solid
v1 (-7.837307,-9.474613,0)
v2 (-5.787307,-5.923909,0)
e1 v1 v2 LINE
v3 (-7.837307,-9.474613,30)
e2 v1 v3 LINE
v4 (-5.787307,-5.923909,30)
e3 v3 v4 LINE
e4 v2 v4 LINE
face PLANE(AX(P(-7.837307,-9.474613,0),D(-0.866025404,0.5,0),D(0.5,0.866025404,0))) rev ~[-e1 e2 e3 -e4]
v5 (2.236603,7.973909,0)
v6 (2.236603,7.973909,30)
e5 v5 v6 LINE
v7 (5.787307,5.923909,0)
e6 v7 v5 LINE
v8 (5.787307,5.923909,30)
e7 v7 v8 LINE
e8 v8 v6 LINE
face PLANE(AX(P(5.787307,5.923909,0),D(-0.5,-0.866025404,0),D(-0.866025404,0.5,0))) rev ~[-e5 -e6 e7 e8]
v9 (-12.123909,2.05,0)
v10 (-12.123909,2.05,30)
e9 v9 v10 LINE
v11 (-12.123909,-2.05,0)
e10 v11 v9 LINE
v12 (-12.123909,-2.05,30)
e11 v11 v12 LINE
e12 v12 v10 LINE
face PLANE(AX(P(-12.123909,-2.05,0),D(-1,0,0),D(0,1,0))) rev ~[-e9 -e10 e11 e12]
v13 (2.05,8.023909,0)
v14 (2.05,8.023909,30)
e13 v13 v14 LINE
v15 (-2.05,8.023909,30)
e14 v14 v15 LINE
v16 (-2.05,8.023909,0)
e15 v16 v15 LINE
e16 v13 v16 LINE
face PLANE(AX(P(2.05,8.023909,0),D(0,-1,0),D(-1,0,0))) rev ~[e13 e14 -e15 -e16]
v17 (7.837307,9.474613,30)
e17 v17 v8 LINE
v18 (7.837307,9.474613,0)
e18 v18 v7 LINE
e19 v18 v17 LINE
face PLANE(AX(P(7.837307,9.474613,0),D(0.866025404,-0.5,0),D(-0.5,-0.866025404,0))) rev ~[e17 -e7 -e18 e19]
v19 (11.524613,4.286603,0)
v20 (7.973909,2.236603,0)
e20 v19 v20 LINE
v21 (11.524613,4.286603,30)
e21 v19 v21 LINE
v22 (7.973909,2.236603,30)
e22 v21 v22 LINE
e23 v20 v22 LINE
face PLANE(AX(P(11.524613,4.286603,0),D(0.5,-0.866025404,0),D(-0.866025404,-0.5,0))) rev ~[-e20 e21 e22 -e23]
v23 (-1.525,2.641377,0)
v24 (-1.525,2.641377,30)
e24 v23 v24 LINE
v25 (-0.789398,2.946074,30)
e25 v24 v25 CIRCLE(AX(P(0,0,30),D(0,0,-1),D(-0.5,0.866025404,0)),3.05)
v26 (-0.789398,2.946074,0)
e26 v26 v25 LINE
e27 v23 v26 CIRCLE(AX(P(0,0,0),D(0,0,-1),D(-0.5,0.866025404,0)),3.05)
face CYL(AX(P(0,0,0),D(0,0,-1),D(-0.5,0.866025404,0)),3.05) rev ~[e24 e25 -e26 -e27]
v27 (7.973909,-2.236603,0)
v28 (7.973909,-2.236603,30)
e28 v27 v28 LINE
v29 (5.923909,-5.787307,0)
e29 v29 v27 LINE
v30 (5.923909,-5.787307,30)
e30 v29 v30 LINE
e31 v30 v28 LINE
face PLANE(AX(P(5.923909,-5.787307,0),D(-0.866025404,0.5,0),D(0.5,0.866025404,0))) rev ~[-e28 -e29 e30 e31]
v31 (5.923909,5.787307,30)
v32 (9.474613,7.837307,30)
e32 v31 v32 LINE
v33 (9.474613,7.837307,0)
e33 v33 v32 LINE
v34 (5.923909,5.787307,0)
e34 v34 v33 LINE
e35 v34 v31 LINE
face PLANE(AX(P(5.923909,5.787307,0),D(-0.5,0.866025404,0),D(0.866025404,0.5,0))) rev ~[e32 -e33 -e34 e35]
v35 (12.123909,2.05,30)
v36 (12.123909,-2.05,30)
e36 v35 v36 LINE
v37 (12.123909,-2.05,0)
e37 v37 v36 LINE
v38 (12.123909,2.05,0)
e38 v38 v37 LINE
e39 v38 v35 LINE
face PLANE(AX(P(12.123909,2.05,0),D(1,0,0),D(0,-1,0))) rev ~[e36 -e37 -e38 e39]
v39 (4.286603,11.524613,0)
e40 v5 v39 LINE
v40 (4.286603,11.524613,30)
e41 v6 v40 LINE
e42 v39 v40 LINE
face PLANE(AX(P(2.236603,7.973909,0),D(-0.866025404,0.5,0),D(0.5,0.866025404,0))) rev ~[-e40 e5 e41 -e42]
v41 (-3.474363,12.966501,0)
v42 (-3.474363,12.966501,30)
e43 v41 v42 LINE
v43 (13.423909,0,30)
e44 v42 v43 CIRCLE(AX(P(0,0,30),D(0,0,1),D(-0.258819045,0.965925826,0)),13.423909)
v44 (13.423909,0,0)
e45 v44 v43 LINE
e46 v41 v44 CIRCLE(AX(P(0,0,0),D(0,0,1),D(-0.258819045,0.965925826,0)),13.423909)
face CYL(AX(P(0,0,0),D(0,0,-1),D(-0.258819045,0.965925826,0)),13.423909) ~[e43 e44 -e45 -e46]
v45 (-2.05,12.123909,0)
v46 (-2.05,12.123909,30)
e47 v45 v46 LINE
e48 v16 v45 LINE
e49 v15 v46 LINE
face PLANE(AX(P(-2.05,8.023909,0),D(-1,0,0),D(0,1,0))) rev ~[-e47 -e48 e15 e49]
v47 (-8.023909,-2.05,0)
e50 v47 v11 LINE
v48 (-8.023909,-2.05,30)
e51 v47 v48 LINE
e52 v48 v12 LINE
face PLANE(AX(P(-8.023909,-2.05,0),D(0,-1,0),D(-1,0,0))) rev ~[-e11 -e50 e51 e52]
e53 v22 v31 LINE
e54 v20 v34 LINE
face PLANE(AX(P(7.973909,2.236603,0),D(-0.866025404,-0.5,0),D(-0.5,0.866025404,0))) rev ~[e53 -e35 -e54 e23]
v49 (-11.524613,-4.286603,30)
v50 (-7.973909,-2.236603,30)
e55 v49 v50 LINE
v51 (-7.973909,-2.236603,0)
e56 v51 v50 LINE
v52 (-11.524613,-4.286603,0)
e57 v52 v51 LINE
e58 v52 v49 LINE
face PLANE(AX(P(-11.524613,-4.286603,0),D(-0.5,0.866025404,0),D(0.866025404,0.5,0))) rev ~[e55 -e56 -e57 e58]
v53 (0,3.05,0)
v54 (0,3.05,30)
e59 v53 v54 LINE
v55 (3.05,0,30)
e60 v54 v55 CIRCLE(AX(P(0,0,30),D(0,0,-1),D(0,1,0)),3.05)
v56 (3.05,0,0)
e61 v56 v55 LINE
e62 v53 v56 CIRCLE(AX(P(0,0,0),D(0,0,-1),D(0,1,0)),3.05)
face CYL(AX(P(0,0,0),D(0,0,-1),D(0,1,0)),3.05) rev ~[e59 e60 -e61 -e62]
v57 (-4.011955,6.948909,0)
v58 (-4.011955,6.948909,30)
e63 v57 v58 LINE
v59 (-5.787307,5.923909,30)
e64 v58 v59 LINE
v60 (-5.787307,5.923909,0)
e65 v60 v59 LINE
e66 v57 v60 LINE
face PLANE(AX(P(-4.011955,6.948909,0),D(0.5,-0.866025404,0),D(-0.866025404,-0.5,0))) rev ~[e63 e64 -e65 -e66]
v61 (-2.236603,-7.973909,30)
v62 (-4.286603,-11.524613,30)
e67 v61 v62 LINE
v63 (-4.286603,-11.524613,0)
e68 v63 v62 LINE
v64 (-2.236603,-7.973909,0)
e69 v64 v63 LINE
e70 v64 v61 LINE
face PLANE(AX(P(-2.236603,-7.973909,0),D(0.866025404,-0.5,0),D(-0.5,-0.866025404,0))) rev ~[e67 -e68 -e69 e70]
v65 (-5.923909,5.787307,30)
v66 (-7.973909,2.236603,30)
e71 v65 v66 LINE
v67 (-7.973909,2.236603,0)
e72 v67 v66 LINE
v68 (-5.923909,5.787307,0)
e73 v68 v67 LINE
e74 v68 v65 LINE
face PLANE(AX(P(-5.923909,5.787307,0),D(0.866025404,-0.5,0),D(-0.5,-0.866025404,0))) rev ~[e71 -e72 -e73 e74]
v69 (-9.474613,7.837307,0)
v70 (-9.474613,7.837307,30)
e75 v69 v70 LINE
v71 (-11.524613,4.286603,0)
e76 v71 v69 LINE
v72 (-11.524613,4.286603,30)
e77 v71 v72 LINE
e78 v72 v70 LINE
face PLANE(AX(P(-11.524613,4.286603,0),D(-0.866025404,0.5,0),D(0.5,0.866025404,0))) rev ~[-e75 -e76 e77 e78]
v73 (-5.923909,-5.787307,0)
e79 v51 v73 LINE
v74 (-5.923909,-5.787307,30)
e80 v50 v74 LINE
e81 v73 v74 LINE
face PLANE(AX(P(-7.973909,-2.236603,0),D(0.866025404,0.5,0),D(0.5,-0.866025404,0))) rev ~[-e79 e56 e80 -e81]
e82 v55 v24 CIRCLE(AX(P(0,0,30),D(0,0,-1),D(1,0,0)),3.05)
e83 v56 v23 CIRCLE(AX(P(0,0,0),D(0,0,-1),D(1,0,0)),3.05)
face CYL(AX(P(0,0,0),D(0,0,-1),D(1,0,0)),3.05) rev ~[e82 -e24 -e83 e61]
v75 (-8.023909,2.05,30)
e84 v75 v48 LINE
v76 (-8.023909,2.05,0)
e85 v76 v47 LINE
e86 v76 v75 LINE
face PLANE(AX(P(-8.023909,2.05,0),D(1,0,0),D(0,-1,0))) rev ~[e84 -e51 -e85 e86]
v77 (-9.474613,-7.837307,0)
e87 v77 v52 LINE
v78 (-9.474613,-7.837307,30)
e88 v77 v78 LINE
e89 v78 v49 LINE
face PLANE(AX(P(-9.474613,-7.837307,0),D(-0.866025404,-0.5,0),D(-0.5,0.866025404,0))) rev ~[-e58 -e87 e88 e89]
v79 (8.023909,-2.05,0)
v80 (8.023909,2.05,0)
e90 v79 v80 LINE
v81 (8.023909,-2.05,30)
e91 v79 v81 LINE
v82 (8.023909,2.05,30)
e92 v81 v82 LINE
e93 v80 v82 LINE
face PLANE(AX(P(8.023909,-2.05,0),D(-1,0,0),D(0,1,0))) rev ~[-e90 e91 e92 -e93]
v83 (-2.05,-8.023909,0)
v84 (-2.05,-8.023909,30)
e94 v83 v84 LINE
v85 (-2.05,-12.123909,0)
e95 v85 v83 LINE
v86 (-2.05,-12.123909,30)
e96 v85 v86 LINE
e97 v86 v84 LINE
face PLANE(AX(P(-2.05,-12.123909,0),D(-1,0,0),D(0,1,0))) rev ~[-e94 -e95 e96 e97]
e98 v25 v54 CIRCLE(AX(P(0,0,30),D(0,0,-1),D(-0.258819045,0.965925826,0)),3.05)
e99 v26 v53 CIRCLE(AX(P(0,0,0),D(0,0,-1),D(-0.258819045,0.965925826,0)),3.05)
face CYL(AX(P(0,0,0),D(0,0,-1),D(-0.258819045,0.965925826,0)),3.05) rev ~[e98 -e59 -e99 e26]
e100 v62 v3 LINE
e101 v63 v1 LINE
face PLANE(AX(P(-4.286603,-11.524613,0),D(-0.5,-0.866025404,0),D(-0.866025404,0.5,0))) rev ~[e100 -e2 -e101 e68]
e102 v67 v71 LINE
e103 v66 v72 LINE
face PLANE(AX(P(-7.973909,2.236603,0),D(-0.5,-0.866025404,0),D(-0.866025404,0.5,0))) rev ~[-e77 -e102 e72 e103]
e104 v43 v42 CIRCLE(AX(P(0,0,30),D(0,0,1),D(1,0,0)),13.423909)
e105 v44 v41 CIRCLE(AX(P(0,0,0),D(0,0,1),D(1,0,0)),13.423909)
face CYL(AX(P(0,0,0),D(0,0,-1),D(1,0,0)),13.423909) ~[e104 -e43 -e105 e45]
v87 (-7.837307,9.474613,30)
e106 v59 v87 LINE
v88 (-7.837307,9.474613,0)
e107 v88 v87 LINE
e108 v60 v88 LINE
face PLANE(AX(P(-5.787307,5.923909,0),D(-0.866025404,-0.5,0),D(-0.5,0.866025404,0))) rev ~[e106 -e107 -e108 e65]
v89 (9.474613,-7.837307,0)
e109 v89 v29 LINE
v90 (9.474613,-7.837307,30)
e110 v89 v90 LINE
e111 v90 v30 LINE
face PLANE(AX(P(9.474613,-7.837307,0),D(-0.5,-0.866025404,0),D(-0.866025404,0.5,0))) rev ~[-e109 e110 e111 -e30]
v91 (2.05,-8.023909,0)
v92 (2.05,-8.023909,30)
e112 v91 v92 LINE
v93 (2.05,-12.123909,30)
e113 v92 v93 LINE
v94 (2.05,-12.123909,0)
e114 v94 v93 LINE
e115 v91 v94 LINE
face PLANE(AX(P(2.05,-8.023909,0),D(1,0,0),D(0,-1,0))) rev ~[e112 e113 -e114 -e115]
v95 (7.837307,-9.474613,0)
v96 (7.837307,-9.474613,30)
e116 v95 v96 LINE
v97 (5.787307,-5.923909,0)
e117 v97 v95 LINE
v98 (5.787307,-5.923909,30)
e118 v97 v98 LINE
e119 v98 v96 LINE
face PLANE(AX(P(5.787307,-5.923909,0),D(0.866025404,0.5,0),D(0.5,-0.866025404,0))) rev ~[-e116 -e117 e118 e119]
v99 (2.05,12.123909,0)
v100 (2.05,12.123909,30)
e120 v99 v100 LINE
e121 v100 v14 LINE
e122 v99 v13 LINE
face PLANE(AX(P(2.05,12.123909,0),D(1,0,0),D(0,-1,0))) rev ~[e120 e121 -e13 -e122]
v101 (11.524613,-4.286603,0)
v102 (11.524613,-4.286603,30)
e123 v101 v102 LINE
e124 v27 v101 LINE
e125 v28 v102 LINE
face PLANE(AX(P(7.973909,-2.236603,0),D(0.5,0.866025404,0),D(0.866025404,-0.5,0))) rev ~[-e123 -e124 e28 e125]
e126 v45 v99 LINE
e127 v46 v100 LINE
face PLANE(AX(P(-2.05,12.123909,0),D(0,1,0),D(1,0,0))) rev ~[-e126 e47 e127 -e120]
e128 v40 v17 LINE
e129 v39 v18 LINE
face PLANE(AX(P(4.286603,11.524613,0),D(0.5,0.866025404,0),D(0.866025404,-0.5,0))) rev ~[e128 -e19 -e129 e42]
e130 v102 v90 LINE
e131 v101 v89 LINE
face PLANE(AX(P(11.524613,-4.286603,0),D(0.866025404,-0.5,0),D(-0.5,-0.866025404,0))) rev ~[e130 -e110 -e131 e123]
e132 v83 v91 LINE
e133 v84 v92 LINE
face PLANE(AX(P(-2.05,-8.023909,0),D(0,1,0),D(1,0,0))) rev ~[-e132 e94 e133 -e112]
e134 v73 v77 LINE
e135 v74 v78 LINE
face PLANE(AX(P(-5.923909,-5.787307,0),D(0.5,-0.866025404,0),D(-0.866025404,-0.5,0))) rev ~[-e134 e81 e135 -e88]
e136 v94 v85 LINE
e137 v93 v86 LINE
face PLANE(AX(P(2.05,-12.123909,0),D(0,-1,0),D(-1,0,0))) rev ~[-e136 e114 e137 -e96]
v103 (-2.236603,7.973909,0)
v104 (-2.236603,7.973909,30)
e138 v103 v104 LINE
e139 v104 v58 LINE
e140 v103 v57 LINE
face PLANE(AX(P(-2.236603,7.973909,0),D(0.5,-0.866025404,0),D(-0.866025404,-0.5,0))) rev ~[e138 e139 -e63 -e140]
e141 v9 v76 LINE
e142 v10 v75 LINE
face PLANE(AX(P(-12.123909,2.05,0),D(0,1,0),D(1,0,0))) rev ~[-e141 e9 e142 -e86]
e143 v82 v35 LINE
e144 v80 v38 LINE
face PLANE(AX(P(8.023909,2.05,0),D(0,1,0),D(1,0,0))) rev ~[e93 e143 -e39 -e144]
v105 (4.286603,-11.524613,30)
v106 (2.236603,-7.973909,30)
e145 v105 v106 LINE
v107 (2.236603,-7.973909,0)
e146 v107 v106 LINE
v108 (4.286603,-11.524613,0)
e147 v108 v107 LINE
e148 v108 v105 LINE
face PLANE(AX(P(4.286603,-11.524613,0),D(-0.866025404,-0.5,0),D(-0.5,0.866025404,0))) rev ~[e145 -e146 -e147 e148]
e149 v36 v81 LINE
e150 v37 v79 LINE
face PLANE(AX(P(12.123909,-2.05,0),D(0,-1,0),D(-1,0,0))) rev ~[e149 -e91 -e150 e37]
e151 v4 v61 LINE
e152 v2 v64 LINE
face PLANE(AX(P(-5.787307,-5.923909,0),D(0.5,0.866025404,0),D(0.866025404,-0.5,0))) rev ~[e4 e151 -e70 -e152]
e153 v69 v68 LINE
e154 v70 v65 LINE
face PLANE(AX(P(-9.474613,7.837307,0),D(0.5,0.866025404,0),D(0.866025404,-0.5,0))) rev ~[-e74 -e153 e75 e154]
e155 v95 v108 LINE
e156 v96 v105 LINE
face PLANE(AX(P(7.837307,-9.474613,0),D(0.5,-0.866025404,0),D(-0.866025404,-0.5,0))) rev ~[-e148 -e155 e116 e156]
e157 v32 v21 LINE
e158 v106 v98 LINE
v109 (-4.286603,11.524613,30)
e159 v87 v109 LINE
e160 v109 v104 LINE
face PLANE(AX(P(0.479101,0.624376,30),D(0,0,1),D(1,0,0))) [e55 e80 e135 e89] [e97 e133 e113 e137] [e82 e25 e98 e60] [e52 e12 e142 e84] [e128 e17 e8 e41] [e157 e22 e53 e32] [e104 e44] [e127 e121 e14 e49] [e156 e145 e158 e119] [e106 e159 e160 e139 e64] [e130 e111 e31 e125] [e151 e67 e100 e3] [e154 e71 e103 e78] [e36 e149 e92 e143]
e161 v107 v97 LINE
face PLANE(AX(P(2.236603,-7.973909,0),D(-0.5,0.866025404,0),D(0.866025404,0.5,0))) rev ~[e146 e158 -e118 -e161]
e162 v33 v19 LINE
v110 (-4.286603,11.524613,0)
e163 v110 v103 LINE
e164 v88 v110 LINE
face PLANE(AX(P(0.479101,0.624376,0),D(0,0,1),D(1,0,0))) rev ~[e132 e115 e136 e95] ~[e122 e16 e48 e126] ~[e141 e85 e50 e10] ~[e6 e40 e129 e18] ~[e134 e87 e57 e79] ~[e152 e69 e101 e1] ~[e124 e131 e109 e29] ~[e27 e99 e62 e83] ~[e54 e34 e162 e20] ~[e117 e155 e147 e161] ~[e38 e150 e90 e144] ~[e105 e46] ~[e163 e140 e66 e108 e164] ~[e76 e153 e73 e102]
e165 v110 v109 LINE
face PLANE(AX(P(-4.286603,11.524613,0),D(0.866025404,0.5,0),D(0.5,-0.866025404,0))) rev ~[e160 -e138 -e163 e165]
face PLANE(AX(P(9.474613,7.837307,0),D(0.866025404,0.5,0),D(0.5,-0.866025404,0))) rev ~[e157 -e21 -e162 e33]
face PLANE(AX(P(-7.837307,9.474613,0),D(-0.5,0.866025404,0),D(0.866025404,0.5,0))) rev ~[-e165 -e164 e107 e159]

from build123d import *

# Parameters (mm, degrees)
F1_DEPTH = 30


with BuildPart() as f1:
    # F0 (on Top) → F1 (new body)
    with BuildSketch(Plane.XY):
        with BuildLine():
            ThreePointArc((13.4239092363, 0), (8.1719581696, 10.6499032324), (-3.4743633701, 12.9665006211))
            ThreePointArc((-3.4743633701, 12.9665006211), (-8.1719581696, -10.6499032324), (13.4239092363, 0))
        make_face()
        Polygon((-2.2366025404, 7.9739092363), (-2.15, 8.0239092363), (-2.05, 8.0239092363), (-2.05, 12.1239092363), (2.05, 12.1239092363), (2.05, 8.0239092363), (2.15, 8.0239092363), (2.2366025404, 7.9739092363), (4.2866025404, 11.5246133918), (7.8373066959, 9.4746133918), (5.7873066959, 5.9239092363), (5.8739092363, 5.8739092363), (5.9239092363, 5.7873066959), (9.4746133918, 7.8373066959), (11.5246133918, 4.2866025404), (7.9739092363, 2.2366025404), (8.0239092363, 2.15), (8.0239092363, 2.05), (12.1239092363, 2.05), (12.1239092363, -2.05), (8.0239092363, -2.05), (8.0239092363, -2.15), (7.9739092363, -2.2366025404), (11.5246133918, -4.2866025404), (9.4746133918, -7.8373066959), (5.9239092363, -5.7873066959), (5.8739092363, -5.8739092363), (5.7873066959, -5.9239092363), (7.8373066959, -9.4746133918), (4.2866025404, -11.5246133918), (2.2366025404, -7.9739092363), (2.15, -8.0239092363), (2.05, -8.0239092363), (2.05, -12.1239092363), (-2.05, -12.1239092363), (-2.05, -8.0239092363), (-2.15, -8.0239092363), (-2.2366025404, -7.9739092363), (-4.2866025404, -11.5246133918), (-7.8373066959, -9.4746133918), (-5.7873066959, -5.9239092363), (-5.8739092363, -5.8739092363), (-5.9239092363, -5.7873066959), (-9.4746133918, -7.8373066959), (-11.5246133918, -4.2866025404), (-7.9739092363, -2.2366025404), (-8.0239092363, -2.15), (-8.0239092363, -2.05), (-12.1239092363, -2.05), (-12.1239092363, 2.05), (-8.0239092363, 2.05), (-8.0239092363, 2.15), (-7.9739092363, 2.2366025404), (-11.5246133918, 4.2866025404), (-9.4746133918, 7.8373066959), (-5.9239092363, 5.7873066959), (-5.8739092363, 5.8739092363), (-5.7873066959, 5.9239092363), (-7.8373066959, 9.4746133918), (-4.2866025404, 11.5246133918), align=None, mode=Mode.SUBTRACT)
        with BuildLine():
            Line((0, 8.0239092363), (0, 3.05))
            ThreePointArc((0, 3.05), (2.1566756826, 2.1566756826), (3.05, 0))
            ThreePointArc((3.05, 0), (-1.525, -2.6413774815), (-1.525, 2.6413774815))
            Line((-1.525, 2.6413774815), (-4.0119546181, 6.9489092363))
            Line((-4.0119546181, 6.9489092363), (-5.7873066959, 5.9239092363))
            Line((-5.7873066959, 5.9239092363), (-5.8739092363, 5.8739092363))
            Line((-5.8739092363, 5.8739092363), (-5.9239092363, 5.7873066959))
            Line((-5.9239092363, 5.7873066959), (-7.9739092363, 2.2366025404))
            Line((-7.9739092363, 2.2366025404), (-8.0239092363, 2.15))
            Line((-8.0239092363, 2.15), (-8.0239092363, 2.05))
            Line((-8.0239092363, 2.05), (-8.0239092363, -2.05))
            Line((-8.0239092363, -2.05), (-8.0239092363, -2.15))
            Line((-8.0239092363, -2.15), (-7.9739092363, -2.2366025404))
            Line((-7.9739092363, -2.2366025404), (-5.9239092363, -5.7873066959))
            Line((-5.9239092363, -5.7873066959), (-5.8739092363, -5.8739092363))
            Line((-5.8739092363, -5.8739092363), (-5.7873066959, -5.9239092363))
            Line((-5.7873066959, -5.9239092363), (-2.2366025404, -7.9739092363))
            Line((-2.2366025404, -7.9739092363), (-2.15, -8.0239092363))
            Line((-2.15, -8.0239092363), (-2.05, -8.0239092363))
            Line((-2.05, -8.0239092363), (2.05, -8.0239092363))
            Line((2.05, -8.0239092363), (2.15, -8.0239092363))
            Line((2.15, -8.0239092363), (2.2366025404, -7.9739092363))
            Line((2.2366025404, -7.9739092363), (5.7873066959, -5.9239092363))
            Line((5.7873066959, -5.9239092363), (5.8739092363, -5.8739092363))
            Line((5.8739092363, -5.8739092363), (5.9239092363, -5.7873066959))
            Line((5.9239092363, -5.7873066959), (7.9739092363, -2.2366025404))
            Line((7.9739092363, -2.2366025404), (8.0239092363, -2.15))
            Line((8.0239092363, -2.15), (8.0239092363, -2.05))
            Line((8.0239092363, -2.05), (8.0239092363, 2.05))
            Line((8.0239092363, 2.05), (8.0239092363, 2.15))
            Line((8.0239092363, 2.15), (7.9739092363, 2.2366025404))
            Line((7.9739092363, 2.2366025404), (5.9239092363, 5.7873066959))
            Line((5.9239092363, 5.7873066959), (5.8739092363, 5.8739092363))
            Line((5.8739092363, 5.8739092363), (5.7873066959, 5.9239092363))
            Line((5.7873066959, 5.9239092363), (2.2366025404, 7.9739092363))
            Line((2.2366025404, 7.9739092363), (2.15, 8.0239092363))
            Line((2.15, 8.0239092363), (2.05, 8.0239092363))
            Line((2.05, 8.0239092363), (0, 8.0239092363))
        make_face()
        with BuildLine():
            ThreePointArc((-1.525, 2.6413774815), (-1.1671844687, 2.8178325742), (-0.7893980876, 2.9460737702))
            Line((-0.7893980876, 2.9460737702), (-2.15, 8.0239092363))
            Line((-2.15, 8.0239092363), (-2.2366025404, 7.9739092363))
            Line((-2.2366025404, 7.9739092363), (-4.0119546181, 6.9489092363))
            Line((-4.0119546181, 6.9489092363), (-1.525, 2.6413774815))
        make_face()
        with BuildLine():
            Line((-2.15, 8.0239092363), (-0.7893980876, 2.9460737702))
            ThreePointArc((-0.7893980876, 2.9460737702), (-0.3981048863, 3.0239068272), (0, 3.05))
            Line((0, 3.05), (0, 8.0239092363))
            Line((0, 8.0239092363), (-2.05, 8.0239092363))
            Line((-2.05, 8.0239092363), (-2.15, 8.0239092363))
        make_face()
    extrude(amount=F1_DEPTH)


solid = f1.part
